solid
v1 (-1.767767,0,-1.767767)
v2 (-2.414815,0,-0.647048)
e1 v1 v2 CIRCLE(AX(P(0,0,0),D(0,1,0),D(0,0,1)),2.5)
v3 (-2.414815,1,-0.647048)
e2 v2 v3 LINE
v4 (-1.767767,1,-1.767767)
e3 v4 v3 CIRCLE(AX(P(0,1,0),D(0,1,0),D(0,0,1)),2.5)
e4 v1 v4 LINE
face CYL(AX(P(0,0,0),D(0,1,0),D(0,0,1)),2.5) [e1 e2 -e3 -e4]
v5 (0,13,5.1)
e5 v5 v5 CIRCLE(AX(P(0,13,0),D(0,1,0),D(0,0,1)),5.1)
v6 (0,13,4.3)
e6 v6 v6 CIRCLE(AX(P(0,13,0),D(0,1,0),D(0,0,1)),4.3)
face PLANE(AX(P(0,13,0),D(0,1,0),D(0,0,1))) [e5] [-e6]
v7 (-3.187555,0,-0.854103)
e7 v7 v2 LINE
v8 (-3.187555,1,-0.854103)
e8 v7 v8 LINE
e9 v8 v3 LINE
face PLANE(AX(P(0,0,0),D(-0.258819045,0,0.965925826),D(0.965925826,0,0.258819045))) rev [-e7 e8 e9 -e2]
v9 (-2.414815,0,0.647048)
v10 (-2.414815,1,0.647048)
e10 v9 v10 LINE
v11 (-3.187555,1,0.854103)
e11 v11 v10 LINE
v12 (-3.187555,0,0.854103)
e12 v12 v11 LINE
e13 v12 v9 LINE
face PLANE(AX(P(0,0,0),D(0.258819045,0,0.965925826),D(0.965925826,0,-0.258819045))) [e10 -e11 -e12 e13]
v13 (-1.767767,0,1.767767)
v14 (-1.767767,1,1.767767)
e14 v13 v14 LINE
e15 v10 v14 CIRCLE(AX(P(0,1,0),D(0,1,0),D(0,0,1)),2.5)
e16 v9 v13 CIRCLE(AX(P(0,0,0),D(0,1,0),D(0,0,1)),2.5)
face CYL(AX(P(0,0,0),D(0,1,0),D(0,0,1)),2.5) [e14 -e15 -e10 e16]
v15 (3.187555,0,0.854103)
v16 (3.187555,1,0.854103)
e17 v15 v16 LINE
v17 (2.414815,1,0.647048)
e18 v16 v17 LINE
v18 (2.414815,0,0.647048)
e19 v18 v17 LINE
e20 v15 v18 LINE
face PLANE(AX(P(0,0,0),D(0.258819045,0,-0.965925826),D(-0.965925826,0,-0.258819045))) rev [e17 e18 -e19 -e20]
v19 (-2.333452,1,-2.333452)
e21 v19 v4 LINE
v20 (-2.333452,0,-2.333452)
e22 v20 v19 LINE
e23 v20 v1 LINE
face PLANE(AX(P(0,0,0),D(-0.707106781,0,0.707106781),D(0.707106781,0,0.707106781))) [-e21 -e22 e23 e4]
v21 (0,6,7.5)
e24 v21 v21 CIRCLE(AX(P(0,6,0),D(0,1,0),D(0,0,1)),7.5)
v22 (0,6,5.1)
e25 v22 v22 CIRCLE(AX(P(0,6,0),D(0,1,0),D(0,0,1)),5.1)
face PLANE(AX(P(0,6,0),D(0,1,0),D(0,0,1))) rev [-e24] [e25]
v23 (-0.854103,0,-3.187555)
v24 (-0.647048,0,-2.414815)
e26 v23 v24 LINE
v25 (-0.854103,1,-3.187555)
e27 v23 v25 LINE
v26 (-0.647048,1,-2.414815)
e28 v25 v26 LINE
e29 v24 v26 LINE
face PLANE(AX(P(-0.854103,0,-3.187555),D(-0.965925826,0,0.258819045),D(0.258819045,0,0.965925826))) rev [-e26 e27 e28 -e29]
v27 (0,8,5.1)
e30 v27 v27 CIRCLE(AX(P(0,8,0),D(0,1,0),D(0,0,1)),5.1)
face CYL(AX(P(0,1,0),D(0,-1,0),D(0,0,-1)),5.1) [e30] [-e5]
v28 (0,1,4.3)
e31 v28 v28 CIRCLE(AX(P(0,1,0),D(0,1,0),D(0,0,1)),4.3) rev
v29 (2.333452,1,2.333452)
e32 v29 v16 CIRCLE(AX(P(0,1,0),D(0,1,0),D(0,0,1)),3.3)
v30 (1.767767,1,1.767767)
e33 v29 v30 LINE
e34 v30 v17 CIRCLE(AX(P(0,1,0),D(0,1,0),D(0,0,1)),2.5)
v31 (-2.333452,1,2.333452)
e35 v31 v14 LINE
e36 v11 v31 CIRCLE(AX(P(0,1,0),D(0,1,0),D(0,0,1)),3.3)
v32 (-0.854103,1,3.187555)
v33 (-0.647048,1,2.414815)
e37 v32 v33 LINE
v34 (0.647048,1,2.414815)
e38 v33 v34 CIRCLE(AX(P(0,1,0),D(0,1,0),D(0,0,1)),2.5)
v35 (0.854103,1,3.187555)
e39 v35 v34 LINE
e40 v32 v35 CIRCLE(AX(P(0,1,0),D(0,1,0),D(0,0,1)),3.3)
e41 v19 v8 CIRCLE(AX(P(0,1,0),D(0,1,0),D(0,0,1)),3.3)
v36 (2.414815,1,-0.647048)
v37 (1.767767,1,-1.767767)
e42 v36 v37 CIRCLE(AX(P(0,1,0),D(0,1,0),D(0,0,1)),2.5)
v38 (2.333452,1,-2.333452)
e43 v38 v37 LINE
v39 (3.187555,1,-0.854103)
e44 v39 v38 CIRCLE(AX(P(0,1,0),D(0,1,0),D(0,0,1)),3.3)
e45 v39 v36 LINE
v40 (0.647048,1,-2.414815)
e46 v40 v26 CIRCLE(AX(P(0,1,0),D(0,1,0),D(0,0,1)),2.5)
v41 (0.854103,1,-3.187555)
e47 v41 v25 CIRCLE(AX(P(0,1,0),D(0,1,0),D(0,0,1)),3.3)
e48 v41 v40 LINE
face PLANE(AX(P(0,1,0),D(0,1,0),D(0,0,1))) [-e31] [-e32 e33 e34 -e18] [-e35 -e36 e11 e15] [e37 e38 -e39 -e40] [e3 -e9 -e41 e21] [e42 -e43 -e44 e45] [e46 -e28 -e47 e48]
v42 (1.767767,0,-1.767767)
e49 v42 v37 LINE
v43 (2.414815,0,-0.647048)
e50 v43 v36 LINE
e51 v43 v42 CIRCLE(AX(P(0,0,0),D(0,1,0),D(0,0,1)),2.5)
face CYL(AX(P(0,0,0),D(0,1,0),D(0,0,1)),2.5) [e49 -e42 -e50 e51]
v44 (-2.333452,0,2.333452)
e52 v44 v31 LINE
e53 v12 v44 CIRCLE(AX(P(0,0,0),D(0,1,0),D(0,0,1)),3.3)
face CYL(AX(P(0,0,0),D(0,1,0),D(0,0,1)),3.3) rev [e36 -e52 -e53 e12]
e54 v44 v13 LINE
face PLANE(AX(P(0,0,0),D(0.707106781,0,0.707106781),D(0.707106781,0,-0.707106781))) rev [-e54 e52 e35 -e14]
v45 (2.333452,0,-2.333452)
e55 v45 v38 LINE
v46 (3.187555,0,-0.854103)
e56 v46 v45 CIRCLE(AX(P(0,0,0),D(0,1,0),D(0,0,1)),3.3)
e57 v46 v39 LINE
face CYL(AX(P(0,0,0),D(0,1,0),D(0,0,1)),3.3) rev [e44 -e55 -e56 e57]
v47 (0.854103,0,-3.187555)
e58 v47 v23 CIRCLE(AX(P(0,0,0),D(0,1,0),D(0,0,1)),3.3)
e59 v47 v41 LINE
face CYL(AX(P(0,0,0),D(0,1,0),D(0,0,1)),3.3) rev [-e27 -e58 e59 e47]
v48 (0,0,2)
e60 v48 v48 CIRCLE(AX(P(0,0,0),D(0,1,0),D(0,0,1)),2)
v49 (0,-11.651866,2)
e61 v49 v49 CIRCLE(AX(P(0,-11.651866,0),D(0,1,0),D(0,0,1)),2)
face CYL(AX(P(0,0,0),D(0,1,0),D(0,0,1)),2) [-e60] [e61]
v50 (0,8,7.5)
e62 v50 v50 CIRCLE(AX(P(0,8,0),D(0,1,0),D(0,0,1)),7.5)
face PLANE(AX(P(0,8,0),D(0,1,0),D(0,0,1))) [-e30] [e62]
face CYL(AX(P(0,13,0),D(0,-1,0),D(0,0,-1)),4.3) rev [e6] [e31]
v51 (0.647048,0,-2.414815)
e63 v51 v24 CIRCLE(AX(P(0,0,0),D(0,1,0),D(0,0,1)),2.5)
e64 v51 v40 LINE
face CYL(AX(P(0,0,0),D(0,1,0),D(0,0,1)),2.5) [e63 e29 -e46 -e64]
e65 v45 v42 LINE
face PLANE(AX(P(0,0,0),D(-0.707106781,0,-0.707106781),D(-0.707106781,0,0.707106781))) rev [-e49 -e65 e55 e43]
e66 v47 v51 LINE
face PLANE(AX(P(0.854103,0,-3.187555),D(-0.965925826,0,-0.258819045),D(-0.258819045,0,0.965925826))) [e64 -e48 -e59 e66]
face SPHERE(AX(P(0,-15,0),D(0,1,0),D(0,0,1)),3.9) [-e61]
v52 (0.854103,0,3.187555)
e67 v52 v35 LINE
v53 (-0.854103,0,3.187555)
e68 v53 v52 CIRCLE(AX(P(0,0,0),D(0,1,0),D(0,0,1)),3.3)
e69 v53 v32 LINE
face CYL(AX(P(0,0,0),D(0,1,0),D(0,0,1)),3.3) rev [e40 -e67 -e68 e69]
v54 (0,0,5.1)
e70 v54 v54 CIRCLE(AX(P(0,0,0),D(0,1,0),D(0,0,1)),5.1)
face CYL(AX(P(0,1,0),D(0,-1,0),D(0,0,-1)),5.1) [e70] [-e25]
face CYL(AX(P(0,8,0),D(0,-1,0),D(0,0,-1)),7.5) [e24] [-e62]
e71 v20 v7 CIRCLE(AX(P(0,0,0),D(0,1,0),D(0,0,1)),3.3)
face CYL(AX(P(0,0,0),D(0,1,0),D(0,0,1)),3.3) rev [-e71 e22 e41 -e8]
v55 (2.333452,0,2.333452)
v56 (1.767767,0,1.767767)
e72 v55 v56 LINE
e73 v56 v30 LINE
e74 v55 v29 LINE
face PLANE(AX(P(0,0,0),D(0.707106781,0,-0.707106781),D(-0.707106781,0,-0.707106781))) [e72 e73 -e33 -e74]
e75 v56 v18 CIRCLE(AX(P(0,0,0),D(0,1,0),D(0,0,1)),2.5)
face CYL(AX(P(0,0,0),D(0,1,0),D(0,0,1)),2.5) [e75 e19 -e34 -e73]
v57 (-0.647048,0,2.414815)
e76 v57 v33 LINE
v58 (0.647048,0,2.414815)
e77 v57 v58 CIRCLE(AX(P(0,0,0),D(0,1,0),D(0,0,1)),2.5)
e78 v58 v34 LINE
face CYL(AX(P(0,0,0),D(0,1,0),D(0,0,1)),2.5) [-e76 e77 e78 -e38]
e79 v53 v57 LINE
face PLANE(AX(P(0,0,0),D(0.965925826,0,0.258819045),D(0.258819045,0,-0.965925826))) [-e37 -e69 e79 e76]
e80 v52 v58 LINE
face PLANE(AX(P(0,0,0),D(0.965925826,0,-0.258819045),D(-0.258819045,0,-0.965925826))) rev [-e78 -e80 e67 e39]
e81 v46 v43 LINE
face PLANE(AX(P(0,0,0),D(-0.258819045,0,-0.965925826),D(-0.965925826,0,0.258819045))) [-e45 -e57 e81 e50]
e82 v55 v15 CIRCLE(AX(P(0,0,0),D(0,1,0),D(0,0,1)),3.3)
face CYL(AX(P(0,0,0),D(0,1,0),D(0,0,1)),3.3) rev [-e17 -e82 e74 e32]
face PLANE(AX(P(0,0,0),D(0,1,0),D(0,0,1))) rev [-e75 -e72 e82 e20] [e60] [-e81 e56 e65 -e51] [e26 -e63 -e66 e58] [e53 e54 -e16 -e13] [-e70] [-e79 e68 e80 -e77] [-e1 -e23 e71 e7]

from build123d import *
from build123d.topology import SkipClean

# Parameters (mm, degrees)
SKETCH2_R           = 5.1000000000000005
BOSS_EXTRUDE1_DEPTH = 1
SKETCH3_R           = 5.1000000000000005
SKETCH3_R_2         = 4.3
BOSS_EXTRUDE2_DEPTH = 12
CUT_EXTRUDE2_DEPTH  = 1
SKETCH7_R           = 7.5
SKETCH7_R_2         = 5.1000000000000005
BOSS_EXTRUDE4_DEPTH = 2


with BuildPart() as part:
    # Sketch2 → Boss-Extrude1 (new body)
    with BuildSketch(Plane(origin=(0, 0, 0), x_dir=(1, 0, 0), z_dir=(0, 1, 0))):
        with Locations(Location((0, 0, 0), (0, 0, 270))):
            Circle(SKETCH2_R)
    extrude(amount=BOSS_EXTRUDE1_DEPTH)

    # Sketch3 → Boss-Extrude2 (add)
    with BuildSketch(Plane(origin=(0, 1, 0), x_dir=(1, 0, 0), z_dir=(0, 1, 0))):
        with Locations(Location((0, 0, 0), (0, 0, 270))):
            Circle(SKETCH3_R)
        with Locations(Location((0, 0, 0), (0, 0, 270))):
            Circle(SKETCH3_R_2, mode=Mode.SUBTRACT)
    extrude(amount=BOSS_EXTRUDE2_DEPTH)

    # Sketch6 → Cut-Extrude2 (cut)
    with BuildSketch(Plane(origin=(0, 1, 0), x_dir=(1, 0, 0), z_dir=(0, 1, 0))):
        with BuildLine():
            ThreePointArc((-1.767766952966369, 1.7677669529663689), (-2.1650635094610977, 1.2499999999999991), (-2.4148145657226716, 0.6470476127562977))
            Line((-2.4148145657226716, 0.6470476127562977), (-3.1875552267539264, 0.8541028488383131))
            ThreePointArc((-3.1875552267539264, 0.8541028488383131), (-2.857883832488649, 1.6499999999999986), (-2.333452377915607, 2.3334523779156067))
            Line((-2.333452377915607, 2.3334523779156067), (-1.767766952966369, 1.7677669529663689))
        make_face()
        with BuildLine():
            ThreePointArc((2.414814565722671, 0.6470476127563006), (2.1650635094610964, 1.2500000000000004), (1.7677669529663664, 1.7677669529663707))
            Line((1.7677669529663664, 1.7677669529663707), (2.3334523779156044, 2.3334523779156093))
            ThreePointArc((2.3334523779156044, 2.3334523779156093), (2.8578838324886475, 1.650000000000001), (3.1875552267539264, 0.8541028488383169))
            Line((3.1875552267539264, 0.8541028488383169), (2.414814565722671, 0.6470476127563006))
        make_face()
        with BuildLine():
            ThreePointArc((1.7677669529663684, -1.76776695296637), (2.1650635094610973, -1.2499999999999993), (2.414814565722671, -0.6470476127562991))
            Line((2.414814565722671, -0.6470476127562991), (3.1875552267539264, -0.8541028488383147))
            ThreePointArc((3.1875552267539264, -0.8541028488383147), (2.857883832488649, -1.6499999999999992), (2.3334523779156067, -2.333452377915608))
            Line((2.3334523779156067, -2.333452377915608), (1.7677669529663684, -1.76776695296637))
        make_face()
        with BuildLine():
            ThreePointArc((-0.6470476127563032, -2.4148145657226703), (7.1e-16, -2.5), (0.6470476127563044, -2.41481456572267))
            Line((0.6470476127563044, -2.41481456572267), (0.8541028488383218, -3.187555226753924))
            ThreePointArc((0.8541028488383218, -3.187555226753924), (9.3e-16, -3.3000000000000003), (-0.8541028488383201, -3.187555226753925))
            Line((-0.8541028488383201, -3.187555226753925), (-0.6470476127563032, -2.4148145657226703))
        make_face()
        with BuildLine():
            ThreePointArc((-2.414814565722671, -0.6470476127563016), (-2.1650635094610964, -1.250000000000001), (-1.7677669529663664, -1.7677669529663715))
            Line((-1.7677669529663664, -1.7677669529663715), (-2.3334523779156036, -2.33345237791561))
            ThreePointArc((-2.3334523779156036, -2.33345237791561), (-2.857883832488647, -1.6500000000000012), (-3.1875552267539256, -0.8541028488383182))
            Line((-3.1875552267539256, -0.8541028488383182), (-2.414814565722671, -0.6470476127563016))
        make_face()
        with BuildLine():
            ThreePointArc((0.6470476127563035, 2.4148145657226703), (-4e-16, 2.5), (-0.6470476127563042, 2.41481456572267))
            Line((-0.6470476127563042, 2.41481456572267), (-0.8541028488383214, 3.187555226753924))
            ThreePointArc((-0.8541028488383214, 3.187555226753924), (-5.3e-16, 3.3000000000000003), (0.8541028488383205, 3.187555226753925))
            Line((0.8541028488383205, 3.187555226753925), (0.6470476127563035, 2.4148145657226703))
        make_face()
    extrude(amount=-CUT_EXTRUDE2_DEPTH, mode=Mode.SUBTRACT)

    # Sketch7 → Boss-Extrude4 (add)
    with BuildSketch(Plane(origin=(0, 6, 0), x_dir=(1, 0, 0), z_dir=(0, 1, 0))):
        with Locations(Location((0, 0, 0), (0, 0, 270))):
            Circle(SKETCH7_R)
        with Locations(Location((0, 0, 0), (0, 0, 270))):
            Circle(SKETCH7_R_2, mode=Mode.SUBTRACT)
    extrude(amount=BOSS_EXTRUDE4_DEPTH)

    # Sketch8 → Revolve1 (revolve)
    with SkipClean():  # the faces are left unmerged after this step: merging them gives an invalid solid
        with BuildSketch(Plane(origin=(0, 0, 0), x_dir=(0, 0, -1), z_dir=(1, 0, 0)), mode=Mode.PRIVATE) as revolve1_sk:
            with BuildLine():
                ThreePointArc((2.0000000000000013, -11.651866191443357), (1.0373712321606319, -11.240497250076075), (-8.376e-14, -11.099999999999998))
                Line((0, -11.099999999999998), (0, -15))
                Line((0, -15), (0, -18.9))
                ThreePointArc((-7.2e-16, -18.900000000000002), (2.7577164466275366, -17.757716446627537), (3.9000000000000026, -15.000000000000002))
                ThreePointArc((3.9000000000000026, -15), (3.391902121229328, -13.075162344507984), (2.0000000000000013, -11.651866191443357))
            make_face()
            with BuildLine():
                Line((0, -15), (0, -11.099999999999998))
                ThreePointArc((-8.376e-14, -11.099999999999998), (-1.0373712321607116, -11.240497250076096), (-2.000000000000001, -11.651866191443355))
                ThreePointArc((-2.000000000000001, -11.651866191443355), (-3.759502749923914, -16.03737123216067), (-7.2e-16, -18.900000000000002))
                Line((0, -18.9), (0, -15))
            make_face()
            with BuildLine():
                Line((0, -11.099999999999998), (0, 0))
                Line((0, 0), (-2, 0))
                Line((-2, 0), (-2, -11.651866191443357))
                ThreePointArc((-2.000000000000001, -11.651866191443355), (-1.0373712321607116, -11.240497250076096), (-8.376e-14, -11.099999999999998))
            make_face()
        revolve(revolve1_sk.sketch.rotate(Axis((0, 0, 0), (0, -1, 0)), 180), axis=Axis((0, 0, 0), (0, -1, 0)))


solid = part.part
